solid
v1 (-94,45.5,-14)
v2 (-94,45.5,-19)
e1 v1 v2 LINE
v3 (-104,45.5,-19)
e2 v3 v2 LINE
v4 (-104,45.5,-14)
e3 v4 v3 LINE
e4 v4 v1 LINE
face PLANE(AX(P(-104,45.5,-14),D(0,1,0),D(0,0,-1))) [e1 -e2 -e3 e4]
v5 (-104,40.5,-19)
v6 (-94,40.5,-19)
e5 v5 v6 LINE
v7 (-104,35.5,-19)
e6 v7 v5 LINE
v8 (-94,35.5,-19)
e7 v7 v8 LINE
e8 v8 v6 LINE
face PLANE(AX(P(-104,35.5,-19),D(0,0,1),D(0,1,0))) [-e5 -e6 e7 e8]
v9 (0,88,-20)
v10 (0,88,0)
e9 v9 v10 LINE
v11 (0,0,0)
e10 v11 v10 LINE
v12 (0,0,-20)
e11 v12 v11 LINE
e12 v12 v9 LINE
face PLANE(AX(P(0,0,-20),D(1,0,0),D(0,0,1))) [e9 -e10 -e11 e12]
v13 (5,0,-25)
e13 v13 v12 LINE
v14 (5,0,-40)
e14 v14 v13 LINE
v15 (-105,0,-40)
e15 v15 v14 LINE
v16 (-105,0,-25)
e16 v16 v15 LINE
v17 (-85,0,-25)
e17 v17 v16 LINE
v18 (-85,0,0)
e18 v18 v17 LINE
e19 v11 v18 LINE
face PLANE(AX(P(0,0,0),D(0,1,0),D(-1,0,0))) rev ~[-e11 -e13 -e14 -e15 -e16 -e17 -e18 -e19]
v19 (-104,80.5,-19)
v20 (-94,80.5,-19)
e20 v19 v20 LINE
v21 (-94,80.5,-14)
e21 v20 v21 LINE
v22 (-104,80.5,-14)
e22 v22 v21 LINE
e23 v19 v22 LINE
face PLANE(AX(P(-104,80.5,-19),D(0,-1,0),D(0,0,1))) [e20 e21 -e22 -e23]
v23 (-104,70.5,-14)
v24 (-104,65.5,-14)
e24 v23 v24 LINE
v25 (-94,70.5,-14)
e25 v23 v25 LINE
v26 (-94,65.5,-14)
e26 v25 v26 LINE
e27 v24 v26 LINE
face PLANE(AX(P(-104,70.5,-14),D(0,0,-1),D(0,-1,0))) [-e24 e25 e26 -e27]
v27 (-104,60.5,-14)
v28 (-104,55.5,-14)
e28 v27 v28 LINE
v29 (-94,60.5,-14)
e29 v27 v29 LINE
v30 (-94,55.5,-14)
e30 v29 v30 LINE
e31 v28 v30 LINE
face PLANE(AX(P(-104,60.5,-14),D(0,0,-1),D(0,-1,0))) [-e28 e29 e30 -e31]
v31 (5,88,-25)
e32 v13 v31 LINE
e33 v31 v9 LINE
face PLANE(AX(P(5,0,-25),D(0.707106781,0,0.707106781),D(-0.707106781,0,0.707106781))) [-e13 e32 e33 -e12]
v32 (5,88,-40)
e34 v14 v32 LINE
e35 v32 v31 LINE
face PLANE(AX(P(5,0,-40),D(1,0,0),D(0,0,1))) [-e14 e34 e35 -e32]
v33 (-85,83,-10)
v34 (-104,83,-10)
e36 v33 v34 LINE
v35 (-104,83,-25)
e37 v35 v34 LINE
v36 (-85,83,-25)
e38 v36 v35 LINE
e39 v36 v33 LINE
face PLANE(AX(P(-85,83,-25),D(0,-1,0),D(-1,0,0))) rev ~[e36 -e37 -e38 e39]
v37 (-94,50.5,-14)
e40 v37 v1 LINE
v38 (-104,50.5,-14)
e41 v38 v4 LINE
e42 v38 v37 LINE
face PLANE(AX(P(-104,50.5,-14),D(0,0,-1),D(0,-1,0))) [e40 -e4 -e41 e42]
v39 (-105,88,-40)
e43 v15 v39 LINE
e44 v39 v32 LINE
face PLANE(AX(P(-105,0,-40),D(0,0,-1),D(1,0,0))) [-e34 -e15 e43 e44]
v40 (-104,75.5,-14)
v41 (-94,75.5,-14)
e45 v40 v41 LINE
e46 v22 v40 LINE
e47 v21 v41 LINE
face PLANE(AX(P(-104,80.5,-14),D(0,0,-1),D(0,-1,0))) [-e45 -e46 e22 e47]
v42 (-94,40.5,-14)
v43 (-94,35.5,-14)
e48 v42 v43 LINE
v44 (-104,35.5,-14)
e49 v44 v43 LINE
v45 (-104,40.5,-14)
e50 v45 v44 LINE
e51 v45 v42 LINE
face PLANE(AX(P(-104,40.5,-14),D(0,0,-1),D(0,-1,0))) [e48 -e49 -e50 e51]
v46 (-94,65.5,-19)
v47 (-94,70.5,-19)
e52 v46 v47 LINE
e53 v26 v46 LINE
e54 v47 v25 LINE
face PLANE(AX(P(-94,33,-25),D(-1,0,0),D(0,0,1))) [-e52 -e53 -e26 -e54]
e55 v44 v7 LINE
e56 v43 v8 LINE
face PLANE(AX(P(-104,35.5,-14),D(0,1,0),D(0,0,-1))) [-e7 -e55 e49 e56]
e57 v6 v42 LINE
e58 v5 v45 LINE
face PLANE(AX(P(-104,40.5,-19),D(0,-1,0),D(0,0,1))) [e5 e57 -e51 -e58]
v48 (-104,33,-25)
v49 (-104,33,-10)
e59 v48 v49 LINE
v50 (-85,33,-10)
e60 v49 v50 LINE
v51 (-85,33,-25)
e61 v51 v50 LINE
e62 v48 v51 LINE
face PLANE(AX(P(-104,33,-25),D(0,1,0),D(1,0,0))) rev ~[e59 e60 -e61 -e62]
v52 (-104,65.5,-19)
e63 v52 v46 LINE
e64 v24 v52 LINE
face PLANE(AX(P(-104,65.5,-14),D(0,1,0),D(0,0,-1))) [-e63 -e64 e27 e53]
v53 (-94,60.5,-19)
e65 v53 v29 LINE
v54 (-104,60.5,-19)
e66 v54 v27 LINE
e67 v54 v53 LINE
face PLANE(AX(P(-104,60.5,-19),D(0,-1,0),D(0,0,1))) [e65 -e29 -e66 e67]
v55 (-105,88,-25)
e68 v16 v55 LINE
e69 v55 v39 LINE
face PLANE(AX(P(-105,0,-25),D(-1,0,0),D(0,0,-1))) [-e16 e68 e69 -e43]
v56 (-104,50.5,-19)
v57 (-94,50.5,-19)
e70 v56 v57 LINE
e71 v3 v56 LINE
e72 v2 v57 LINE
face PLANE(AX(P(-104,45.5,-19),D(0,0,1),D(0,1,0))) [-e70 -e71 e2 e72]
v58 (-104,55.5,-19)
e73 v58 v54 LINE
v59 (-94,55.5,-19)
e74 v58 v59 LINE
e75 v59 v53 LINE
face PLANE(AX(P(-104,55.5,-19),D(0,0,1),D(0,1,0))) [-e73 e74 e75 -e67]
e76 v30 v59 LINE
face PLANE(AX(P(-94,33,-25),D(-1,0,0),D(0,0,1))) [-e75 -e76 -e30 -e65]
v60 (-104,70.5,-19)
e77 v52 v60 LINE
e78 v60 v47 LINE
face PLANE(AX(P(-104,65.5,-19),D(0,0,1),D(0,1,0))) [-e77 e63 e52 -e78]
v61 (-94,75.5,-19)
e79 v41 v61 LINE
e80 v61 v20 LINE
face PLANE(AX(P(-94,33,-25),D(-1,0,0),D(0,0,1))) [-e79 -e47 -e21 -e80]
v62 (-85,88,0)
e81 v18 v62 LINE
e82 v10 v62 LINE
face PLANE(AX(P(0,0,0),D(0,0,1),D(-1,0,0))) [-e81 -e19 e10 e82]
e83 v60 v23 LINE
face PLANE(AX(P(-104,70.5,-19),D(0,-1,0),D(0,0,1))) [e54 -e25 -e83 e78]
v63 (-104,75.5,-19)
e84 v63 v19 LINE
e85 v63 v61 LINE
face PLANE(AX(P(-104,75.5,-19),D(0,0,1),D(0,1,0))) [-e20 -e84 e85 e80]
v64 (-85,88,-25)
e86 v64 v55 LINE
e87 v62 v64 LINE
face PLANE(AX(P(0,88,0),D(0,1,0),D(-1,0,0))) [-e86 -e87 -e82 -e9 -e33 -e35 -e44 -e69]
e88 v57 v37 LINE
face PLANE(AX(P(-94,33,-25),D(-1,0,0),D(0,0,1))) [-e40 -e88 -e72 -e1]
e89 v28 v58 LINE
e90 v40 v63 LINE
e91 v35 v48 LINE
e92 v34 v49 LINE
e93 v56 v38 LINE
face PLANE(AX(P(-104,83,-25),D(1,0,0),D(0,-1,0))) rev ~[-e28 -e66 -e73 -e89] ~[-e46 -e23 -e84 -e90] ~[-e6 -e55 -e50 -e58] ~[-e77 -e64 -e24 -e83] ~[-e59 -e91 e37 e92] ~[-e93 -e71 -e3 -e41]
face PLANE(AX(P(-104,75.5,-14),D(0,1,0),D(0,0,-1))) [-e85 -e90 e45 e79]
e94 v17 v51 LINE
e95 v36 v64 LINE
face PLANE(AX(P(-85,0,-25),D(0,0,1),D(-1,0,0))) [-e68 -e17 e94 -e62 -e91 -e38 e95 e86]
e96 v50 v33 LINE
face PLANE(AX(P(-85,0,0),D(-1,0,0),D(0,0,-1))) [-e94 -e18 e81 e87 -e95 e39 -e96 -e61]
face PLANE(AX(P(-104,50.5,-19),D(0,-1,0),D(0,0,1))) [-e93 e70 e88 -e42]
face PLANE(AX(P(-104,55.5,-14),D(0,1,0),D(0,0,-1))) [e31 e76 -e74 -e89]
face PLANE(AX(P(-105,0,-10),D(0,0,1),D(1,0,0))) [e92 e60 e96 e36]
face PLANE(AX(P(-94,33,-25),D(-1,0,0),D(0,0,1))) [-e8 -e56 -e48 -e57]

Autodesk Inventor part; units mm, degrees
ref_plane "YZ Plane" through (0, 0, 0) normal (1, 0, 0) x (0, 1, 0)
ref_plane "XZ Plane" through (0, 0, 0) normal (0, 1, 0) x (-1, 0, 0)
ref_plane "XY Plane" through (0, 0, 0) normal (0, 0, 1) x (1, 0, 0)
sketch "Sketch2" plane through (0, 0, 0) normal (0, 1, 0) x (-1, 0, 0)
  line L0 (0, 0) -> (85, 0)
  line L1 (85, 0) -> (85, -25)
  line L2 (85, -25) -> (0, -25)
  line L3 (0, -25) -> (0, 0)
  line L4 (-5, -25) -> (105, -25)
  line L5 (105, -25) -> (105, -40)
  line L6 (105, -40) -> (-5, -40)
  line L7 (-5, -40) -> (-5, -25)
  line L8 (-5, -25) -> (0, -20)
  dimension "d4" = 85
  dimension "d5" = 25
  dimension "d6" = 110
  dimension "d7" = 5
  dimension "d8" = 15
  dimension "d9" = 45
extrude "Extrusion2" add sketch "Sketch2" along normal blind 88
sketch "Sketch3" plane through (-105, 0, -25) normal (0, 0, 1) x (1, 0, 0)
  line L0 (20, 0) -> (20, 88) projected
  line L1 (20, 83) -> (1, 83)
  line L2 (1, 83) -> (1, 33)
  line L3 (1, 33) -> (20, 33)
  line L4 (20, 33) -> (20, 83)
  line L5 (0, 88) -> (20, 88) projected
  point P0 (105, 0)
  point P1 (20, 33)
  dimension "d12" = 50
  dimension "d13" = 19
  dimension "d14" = 5
extrude "Extrusion3" add sketch "Sketch3" along normal blind 15
sketch "Sketch4" plane through (-104, 33, -25) normal (-1, 0, 0) x (0, 0, 1)
  line L0 (6, 7.5) -> (11, 7.5)
  line L1 (11, 7.5) -> (11, 2.5)
  line L2 (11, 2.5) -> (6, 2.5)
  line L3 (6, 2.5) -> (6, 7.5)
  line L4 (0, -33) -> (0, 55) projected
  line L5 (0, 0) -> (15, 0) projected
  line L6 (6, 17.5) -> (11, 17.5)
  line L7 (11, 17.5) -> (11, 12.5)
  line L8 (6, 12.5) -> (6, 17.5)
  line L9 (11, 12.5) -> (6, 12.5)
  line L10 (6, 27.5) -> (11, 27.5)
  line L11 (11, 27.5) -> (11, 22.5)
  line L12 (6, 22.5) -> (6, 27.5)
  line L13 (11, 22.5) -> (6, 22.5)
  line L14 (6, 37.5) -> (11, 37.5)
  line L15 (11, 37.5) -> (11, 32.5)
  line L16 (6, 32.5) -> (6, 37.5)
  line L17 (11, 32.5) -> (6, 32.5)
  line L18 (6, 47.5) -> (11, 47.5)
  line L19 (11, 47.5) -> (11, 42.5)
  line L20 (6, 42.5) -> (6, 47.5)
  line L21 (11, 42.5) -> (6, 42.5)
  point P0 (25, -33)
  point P1 (6, 5)
  point P2 (7.5, 0)
  point P3 (8.5, 2.5)
  point P4 (6, 15)
  point P5 (8.5, 12.5)
  point P6 (6, 25)
  point P7 (8.5, 22.5)
  point P8 (6, 35)
  point P9 (8.5, 32.5)
  point P10 (6, 45)
  point P11 (8.5, 42.5)
  dimension "d17" = 6
  dimension "d18" = 5
  dimension "d19" = 2.5
  dimension "d20" = 5
  dimension "d23" = 10
extrude "Extrusion4" cut sketch "Sketch4" against normal blind 10
properties part number "PowerSupply"
